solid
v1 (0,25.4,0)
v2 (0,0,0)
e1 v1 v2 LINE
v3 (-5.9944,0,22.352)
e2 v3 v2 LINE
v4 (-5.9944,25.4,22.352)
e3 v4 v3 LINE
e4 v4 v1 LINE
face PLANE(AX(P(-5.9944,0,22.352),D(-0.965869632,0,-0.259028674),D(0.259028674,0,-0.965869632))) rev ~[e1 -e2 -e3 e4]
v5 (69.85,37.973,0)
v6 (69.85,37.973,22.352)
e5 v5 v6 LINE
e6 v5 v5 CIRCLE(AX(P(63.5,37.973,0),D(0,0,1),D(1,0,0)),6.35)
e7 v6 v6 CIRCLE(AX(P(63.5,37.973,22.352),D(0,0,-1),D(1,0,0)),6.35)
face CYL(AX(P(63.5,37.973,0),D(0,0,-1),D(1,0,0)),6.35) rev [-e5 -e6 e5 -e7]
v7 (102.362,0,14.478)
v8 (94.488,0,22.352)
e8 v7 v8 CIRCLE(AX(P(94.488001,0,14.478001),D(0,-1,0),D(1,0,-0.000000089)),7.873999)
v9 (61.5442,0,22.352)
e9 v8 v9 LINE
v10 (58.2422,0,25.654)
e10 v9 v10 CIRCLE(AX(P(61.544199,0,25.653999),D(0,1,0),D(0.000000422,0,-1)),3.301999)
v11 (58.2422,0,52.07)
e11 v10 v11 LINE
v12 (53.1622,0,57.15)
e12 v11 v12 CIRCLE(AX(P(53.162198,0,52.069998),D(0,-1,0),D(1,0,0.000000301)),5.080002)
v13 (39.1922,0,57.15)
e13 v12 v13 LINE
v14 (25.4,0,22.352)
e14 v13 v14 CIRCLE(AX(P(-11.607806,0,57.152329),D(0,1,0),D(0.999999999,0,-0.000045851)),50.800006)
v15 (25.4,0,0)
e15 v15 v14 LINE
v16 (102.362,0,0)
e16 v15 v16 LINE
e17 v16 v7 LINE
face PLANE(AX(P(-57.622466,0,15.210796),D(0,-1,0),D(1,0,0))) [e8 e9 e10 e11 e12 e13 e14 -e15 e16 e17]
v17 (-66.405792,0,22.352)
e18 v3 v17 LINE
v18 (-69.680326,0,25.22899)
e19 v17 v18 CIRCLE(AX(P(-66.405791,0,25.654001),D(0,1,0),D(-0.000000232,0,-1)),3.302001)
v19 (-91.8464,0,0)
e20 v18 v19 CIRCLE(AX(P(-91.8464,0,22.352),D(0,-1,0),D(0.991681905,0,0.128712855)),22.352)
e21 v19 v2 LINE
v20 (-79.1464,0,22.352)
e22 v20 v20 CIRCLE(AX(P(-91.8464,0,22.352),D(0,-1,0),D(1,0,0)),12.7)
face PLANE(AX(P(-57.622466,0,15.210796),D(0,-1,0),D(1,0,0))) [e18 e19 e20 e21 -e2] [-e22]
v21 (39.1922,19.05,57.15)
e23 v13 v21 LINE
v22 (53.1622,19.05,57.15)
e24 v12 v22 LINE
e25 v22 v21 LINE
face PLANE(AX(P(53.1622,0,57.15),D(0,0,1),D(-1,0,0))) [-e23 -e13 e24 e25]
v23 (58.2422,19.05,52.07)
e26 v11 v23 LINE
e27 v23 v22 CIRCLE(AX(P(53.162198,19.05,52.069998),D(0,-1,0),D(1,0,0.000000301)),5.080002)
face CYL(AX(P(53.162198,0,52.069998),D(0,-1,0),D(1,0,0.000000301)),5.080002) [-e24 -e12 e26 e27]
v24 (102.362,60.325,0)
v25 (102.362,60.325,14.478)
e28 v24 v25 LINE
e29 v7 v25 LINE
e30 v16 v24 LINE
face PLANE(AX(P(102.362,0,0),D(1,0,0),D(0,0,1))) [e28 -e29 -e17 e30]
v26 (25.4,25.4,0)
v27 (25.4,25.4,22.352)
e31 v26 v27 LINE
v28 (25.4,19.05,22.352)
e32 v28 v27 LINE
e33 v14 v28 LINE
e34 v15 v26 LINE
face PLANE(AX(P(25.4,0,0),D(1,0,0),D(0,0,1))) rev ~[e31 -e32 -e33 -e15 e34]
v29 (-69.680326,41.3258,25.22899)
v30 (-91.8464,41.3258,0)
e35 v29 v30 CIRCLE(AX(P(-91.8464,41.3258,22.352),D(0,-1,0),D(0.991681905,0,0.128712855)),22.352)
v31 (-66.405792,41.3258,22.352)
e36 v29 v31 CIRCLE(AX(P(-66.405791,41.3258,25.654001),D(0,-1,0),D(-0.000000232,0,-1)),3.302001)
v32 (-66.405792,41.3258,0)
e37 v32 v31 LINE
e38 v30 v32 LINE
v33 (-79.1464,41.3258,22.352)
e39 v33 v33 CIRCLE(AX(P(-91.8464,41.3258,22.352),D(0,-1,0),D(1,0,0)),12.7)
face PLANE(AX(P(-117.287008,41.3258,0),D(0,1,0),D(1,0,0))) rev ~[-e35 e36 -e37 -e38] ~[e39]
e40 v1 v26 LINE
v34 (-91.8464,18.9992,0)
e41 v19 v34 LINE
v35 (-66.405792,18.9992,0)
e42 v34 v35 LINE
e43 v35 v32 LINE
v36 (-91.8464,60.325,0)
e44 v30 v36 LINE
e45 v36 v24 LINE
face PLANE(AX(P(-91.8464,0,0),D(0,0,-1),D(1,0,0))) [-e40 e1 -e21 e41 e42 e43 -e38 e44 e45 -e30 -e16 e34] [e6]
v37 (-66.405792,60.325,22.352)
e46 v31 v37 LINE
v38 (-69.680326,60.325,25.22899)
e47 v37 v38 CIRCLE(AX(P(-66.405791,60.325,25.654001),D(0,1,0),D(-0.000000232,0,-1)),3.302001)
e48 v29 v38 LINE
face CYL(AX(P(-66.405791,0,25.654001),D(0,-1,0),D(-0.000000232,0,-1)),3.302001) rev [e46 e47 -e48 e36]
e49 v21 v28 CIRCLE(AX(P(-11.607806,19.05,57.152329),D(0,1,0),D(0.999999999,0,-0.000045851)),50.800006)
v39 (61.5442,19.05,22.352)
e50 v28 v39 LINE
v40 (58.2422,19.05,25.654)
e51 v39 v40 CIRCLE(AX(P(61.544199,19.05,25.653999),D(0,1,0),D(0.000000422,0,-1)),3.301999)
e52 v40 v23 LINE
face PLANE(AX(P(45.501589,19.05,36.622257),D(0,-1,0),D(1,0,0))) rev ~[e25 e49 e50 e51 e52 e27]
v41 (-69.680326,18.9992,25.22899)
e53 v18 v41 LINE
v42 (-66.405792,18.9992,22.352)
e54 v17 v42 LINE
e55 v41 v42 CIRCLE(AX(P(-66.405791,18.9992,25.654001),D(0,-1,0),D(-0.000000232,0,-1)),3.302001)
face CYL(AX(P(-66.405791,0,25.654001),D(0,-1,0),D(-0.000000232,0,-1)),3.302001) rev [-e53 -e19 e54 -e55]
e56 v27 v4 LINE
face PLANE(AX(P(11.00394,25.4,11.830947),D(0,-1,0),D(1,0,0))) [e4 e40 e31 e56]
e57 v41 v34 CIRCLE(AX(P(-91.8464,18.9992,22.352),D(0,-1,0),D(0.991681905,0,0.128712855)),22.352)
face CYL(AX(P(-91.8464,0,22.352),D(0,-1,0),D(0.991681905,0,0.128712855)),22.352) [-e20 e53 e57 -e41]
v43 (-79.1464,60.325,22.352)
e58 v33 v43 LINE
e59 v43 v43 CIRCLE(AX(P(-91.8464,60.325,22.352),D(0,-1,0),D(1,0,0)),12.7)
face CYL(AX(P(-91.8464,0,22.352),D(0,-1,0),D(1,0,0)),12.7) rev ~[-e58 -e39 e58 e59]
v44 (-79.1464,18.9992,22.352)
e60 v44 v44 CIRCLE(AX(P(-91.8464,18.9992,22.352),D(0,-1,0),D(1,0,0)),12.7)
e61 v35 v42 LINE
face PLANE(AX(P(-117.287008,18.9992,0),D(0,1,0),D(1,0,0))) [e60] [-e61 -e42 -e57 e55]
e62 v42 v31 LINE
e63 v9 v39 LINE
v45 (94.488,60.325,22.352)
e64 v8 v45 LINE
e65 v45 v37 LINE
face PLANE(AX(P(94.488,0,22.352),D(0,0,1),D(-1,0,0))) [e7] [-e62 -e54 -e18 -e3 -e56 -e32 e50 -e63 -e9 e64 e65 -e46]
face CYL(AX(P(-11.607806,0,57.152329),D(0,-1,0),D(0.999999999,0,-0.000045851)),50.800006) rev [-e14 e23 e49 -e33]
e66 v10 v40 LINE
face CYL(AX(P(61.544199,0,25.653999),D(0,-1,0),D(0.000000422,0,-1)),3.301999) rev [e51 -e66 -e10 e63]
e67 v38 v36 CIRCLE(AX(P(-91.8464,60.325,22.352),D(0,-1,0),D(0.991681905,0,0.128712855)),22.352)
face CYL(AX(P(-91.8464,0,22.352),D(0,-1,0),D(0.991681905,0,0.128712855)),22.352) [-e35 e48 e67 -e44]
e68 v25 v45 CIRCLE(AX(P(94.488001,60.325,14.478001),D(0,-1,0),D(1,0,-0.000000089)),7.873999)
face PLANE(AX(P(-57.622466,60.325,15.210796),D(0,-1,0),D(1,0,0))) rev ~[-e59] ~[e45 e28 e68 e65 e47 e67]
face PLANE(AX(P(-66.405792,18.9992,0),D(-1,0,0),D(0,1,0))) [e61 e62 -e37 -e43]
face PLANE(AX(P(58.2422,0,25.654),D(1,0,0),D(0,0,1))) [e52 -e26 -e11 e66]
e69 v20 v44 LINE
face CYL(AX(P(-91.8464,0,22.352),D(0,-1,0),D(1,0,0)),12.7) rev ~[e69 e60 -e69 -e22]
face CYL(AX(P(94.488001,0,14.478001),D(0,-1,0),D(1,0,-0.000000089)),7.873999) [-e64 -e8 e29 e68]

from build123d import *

# Parameters (mm, degrees)
F0_R     = 12.7
F1_DEPTH = 60.325
F2_DEPTH = 19.05
F3_DEPTH = 19.05
F4_DEPTH = 25.4
F5_R     = 6.35
F5_W     = 50.881216
F5_H     = 22.3266
F6_DEPTH = 57.151


with BuildPart() as f1:
    # F0 (on Front) → F1 (new body)
    with BuildSketch(Plane.XZ):
        with BuildLine():
            Line((-91.8464, 0), (0, 0))
            Line((0, 0), (-5.9944, 22.352))
            Line((-5.9944, 22.352), (-66.405792, 22.352))
            ThreePointArc((-66.405792, 22.352), (-68.585221, 23.173417), (-69.680326, 25.22899))
            ThreePointArc((-69.680326, 25.22899), (-108.638041, 37.105058), (-91.8464, 0))
        make_face()
        with Locations((-91.8464, 22.352)):
            Circle(F0_R, mode=Mode.SUBTRACT)
        with BuildLine():
            Line((25.4, 22.352), (25.4, 0))
            Line((25.4, 0), (102.362, 0))
            Line((102.362, 0), (102.362, 14.478))
            ThreePointArc((102.362, 14.478), (100.055759, 20.045759), (94.488, 22.352))
            Line((94.488, 22.352), (61.5442, 22.352))
            Line((61.5442, 22.352), (58.2422, 22.352))
            Line((58.2422, 22.352), (39.1922, 22.352))
            Line((39.1922, 22.352), (25.4, 22.352))
        make_face()
        Polygon((-5.9944, 22.352), (0, 0), (25.4, 0), (25.4, 22.352), align=None)
    extrude(amount=-F1_DEPTH)

    # F0 (on Front) → F2 (join)
    with BuildSketch(Plane.XZ):
        with BuildLine():
            ThreePointArc((39.1922, 57.15), (35.618015, 38.434358), (25.4, 22.352))
            Line((25.4, 22.352), (39.1922, 22.352))
            Line((39.1922, 22.352), (58.2422, 22.352))
            Line((58.2422, 22.352), (61.5442, 22.352))
            ThreePointArc((61.5442, 22.352), (59.209333, 23.319133), (58.2422, 25.654))
            Line((58.2422, 25.654), (58.2422, 52.07))
            ThreePointArc((58.2422, 52.07), (56.754302, 55.662102), (53.1622, 57.15))
            Line((53.1622, 57.15), (39.1922, 57.15))
        make_face()
    extrude(amount=-F2_DEPTH)

    # F0 (on Front) → F3 (cut)
    with BuildSketch(Plane.XZ):
        Polygon((-5.9944, 22.352), (0, 0), (25.4, 0), (25.4, 22.352), align=None)
    extrude(amount=-F3_DEPTH, mode=Mode.SUBTRACT)

    # F0 (on Front) → F4 (cut)
    with BuildSketch(Plane.XZ):
        Polygon((-5.9944, 22.352), (0, 0), (25.4, 0), (25.4, 22.352), align=None)
    extrude(amount=-F4_DEPTH, mode=Mode.SUBTRACT)

    # F5 (on Top) → F6 (cut, through all)
    with BuildSketch(Plane.XY):
        with Locations((63.5, 37.973)):
            Circle(F5_R)
        with Locations((-91.8464, 30.1625)):
            Rectangle(F5_W, F5_H)
    extrude(amount=F6_DEPTH, mode=Mode.SUBTRACT)


solid = f1.part
